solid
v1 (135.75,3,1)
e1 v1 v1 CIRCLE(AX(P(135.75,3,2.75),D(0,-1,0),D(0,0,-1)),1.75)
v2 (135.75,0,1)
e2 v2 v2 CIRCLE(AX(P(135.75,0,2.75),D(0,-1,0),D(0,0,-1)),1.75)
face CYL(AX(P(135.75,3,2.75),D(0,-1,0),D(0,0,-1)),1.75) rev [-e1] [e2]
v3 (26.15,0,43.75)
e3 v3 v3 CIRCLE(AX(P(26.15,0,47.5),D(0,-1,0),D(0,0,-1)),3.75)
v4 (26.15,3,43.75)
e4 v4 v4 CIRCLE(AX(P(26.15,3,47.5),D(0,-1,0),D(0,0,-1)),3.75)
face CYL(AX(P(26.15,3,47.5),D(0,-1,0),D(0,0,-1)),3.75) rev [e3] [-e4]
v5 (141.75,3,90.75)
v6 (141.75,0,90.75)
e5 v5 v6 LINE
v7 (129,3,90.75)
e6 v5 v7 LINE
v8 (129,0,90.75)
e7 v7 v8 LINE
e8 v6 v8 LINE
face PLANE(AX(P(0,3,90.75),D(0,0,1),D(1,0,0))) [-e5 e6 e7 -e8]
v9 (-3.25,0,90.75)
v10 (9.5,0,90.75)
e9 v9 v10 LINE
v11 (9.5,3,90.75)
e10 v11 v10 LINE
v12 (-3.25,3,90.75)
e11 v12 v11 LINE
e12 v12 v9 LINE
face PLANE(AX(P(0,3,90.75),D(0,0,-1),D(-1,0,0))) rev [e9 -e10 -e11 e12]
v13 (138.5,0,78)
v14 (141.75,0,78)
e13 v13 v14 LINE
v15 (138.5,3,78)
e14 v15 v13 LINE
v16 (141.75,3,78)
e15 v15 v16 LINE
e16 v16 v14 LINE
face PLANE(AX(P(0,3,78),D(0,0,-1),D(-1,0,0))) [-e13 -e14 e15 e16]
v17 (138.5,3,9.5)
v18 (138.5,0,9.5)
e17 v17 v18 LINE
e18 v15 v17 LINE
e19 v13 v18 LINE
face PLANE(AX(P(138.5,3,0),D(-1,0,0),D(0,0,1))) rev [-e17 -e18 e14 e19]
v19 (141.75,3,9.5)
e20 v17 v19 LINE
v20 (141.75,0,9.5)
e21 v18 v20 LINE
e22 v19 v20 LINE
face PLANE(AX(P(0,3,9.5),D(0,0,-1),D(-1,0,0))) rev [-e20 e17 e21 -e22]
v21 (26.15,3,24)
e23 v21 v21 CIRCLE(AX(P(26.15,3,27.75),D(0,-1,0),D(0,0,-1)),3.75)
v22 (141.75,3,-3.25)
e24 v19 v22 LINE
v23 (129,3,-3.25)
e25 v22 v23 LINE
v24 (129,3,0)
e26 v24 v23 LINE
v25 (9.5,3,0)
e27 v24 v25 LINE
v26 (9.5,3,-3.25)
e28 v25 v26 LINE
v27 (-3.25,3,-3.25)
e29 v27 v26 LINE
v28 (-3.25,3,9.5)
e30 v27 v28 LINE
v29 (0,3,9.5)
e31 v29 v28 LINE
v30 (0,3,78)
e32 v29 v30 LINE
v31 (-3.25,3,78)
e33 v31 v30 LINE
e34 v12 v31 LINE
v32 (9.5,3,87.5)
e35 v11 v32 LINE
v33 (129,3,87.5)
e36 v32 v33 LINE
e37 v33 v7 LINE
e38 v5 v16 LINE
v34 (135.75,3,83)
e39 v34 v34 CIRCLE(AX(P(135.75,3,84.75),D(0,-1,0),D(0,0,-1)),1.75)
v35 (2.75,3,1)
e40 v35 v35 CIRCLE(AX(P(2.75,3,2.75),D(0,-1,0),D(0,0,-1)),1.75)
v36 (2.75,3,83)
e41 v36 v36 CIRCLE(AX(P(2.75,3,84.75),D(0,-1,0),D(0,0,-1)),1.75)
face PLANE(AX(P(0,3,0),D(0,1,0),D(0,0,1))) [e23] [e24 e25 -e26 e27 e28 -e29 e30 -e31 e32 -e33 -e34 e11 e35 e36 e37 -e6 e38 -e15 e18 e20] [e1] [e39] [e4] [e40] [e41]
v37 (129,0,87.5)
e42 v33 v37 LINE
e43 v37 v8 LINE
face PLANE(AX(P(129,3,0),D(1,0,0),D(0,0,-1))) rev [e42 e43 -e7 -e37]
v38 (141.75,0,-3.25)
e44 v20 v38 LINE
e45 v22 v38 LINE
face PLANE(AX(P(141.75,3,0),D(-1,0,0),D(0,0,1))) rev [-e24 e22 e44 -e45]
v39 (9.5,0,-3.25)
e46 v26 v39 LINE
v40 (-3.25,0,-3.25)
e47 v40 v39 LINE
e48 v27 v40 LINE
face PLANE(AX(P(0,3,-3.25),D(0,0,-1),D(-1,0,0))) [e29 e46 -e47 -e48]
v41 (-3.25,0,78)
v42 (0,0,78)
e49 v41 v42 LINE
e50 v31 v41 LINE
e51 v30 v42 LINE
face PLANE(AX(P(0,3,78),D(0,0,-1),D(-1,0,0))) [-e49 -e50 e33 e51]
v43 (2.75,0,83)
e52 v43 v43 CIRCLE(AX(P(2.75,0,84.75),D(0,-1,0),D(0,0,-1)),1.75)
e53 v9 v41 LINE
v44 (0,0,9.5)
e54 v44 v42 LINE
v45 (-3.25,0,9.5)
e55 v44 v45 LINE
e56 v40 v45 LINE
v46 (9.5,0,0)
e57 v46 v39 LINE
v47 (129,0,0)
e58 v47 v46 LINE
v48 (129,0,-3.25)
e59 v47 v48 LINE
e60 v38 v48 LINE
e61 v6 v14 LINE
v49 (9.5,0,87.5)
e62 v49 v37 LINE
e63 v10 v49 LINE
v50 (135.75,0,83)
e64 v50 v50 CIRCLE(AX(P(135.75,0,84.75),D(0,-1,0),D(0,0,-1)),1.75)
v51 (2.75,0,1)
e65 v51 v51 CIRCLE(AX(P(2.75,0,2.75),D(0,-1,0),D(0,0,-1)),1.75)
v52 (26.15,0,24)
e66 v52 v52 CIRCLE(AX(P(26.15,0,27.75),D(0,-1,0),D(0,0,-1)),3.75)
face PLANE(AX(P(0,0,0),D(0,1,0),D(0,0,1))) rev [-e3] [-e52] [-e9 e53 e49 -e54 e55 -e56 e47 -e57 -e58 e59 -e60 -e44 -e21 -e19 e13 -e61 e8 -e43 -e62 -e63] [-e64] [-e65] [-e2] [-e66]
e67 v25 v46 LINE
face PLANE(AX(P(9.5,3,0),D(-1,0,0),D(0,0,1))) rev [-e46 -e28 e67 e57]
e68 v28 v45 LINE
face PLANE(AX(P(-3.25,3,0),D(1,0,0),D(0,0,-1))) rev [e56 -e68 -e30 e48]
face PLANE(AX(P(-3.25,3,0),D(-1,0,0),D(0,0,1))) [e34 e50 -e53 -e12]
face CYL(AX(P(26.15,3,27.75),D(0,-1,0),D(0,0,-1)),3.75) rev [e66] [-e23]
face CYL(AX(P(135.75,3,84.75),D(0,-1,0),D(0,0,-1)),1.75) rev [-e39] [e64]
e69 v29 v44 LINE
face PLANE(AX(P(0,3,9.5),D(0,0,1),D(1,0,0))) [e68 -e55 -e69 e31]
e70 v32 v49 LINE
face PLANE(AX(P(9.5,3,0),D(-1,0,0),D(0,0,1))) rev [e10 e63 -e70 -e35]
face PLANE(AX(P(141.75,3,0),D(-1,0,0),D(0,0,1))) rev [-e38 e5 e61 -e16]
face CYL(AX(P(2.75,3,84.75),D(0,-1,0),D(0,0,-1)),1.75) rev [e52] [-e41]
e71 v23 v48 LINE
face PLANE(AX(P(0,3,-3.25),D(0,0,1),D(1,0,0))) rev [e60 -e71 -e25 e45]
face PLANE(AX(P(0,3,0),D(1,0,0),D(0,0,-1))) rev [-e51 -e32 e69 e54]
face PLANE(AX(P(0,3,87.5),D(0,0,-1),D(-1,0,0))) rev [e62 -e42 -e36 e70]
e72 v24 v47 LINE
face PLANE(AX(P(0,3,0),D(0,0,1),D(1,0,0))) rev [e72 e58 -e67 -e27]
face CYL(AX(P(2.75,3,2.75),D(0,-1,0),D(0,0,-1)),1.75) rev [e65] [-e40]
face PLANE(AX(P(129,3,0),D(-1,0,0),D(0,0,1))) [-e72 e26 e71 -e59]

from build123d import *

# Parameters (mm, degrees)
SKETCH1_W           = 138.5
SKETCH1_H           = 87.5
BOSS_EXTRUDE1_DEPTH = 3
SKETCH2_R           = 1.75
CUT_EXTRUDE1_DEPTH  = 4
SKETCH3_W           = 9.5
SKETCH3_H           = 3.25
SKETCH3_W_2         = 3.25
SKETCH3_H_2         = 9.5
BOSS_EXTRUDE2_DEPTH = 3
SKETCH4_R           = 3.75
CUT_EXTRUDE2_DEPTH  = 4


with BuildPart() as part:
    # Sketch1 → Boss-Extrude1 (new body)
    with BuildSketch(Plane(origin=(0, 0, 0), x_dir=(1, 0, 0), z_dir=(0, 1, 0))):
        with Locations((69.25, -43.75)):
            Rectangle(SKETCH1_W, SKETCH1_H)
    extrude(amount=BOSS_EXTRUDE1_DEPTH)

    # Sketch2 → Cut-Extrude1 (cut, through all)
    with BuildSketch(Plane.XZ):
        with Locations((2.75, 84.75)):
            Circle(SKETCH2_R)
        with Locations((135.75, 84.75)):
            Circle(SKETCH2_R)
        with Locations((135.75, 2.75)):
            Circle(SKETCH2_R)
        with Locations((2.75, 2.75)):
            Circle(SKETCH2_R)
    extrude(amount=-CUT_EXTRUDE1_DEPTH, mode=Mode.SUBTRACT)

    # Sketch3 → Boss-Extrude2 (add, through all)
    with BuildSketch(Plane.XZ):
        Polygon((0, 90.75), (-3.25, 90.75), (-3.25, 78), (0, 78), (0, 87.5), align=None)
        with Locations((4.75, 89.125)):
            Rectangle(SKETCH3_W, SKETCH3_H)
        with Locations((-1.625, 4.75)):
            Rectangle(SKETCH3_W_2, SKETCH3_H_2)
        Polygon((9.5, 0), (0, 0), (-3.25, 0), (-3.25, -3.25), (9.5, -3.25), align=None)
        Polygon((138.5, 0), (129, 0), (129, -3.25), (141.75, -3.25), (141.75, 0), align=None)
        with Locations((140.125, 4.75)):
            Rectangle(SKETCH3_W_2, SKETCH3_H_2)
        with Locations((133.75, 89.125)):
            Rectangle(SKETCH3_W, SKETCH3_H)
        Polygon((138.5, 90.75), (138.5, 87.5), (138.5, 78), (141.75, 78), (141.75, 90.75), align=None)
    extrude(amount=-BOSS_EXTRUDE2_DEPTH)

    # Sketch4 → Cut-Extrude2 (cut, through all)
    with BuildSketch(Plane.XZ):
        with Locations((26.15, 47.5)):
            Circle(SKETCH4_R)
        with Locations((26.15, 27.75)):
            Circle(SKETCH4_R)
    extrude(amount=-CUT_EXTRUDE2_DEPTH, mode=Mode.SUBTRACT)


solid = part.part
